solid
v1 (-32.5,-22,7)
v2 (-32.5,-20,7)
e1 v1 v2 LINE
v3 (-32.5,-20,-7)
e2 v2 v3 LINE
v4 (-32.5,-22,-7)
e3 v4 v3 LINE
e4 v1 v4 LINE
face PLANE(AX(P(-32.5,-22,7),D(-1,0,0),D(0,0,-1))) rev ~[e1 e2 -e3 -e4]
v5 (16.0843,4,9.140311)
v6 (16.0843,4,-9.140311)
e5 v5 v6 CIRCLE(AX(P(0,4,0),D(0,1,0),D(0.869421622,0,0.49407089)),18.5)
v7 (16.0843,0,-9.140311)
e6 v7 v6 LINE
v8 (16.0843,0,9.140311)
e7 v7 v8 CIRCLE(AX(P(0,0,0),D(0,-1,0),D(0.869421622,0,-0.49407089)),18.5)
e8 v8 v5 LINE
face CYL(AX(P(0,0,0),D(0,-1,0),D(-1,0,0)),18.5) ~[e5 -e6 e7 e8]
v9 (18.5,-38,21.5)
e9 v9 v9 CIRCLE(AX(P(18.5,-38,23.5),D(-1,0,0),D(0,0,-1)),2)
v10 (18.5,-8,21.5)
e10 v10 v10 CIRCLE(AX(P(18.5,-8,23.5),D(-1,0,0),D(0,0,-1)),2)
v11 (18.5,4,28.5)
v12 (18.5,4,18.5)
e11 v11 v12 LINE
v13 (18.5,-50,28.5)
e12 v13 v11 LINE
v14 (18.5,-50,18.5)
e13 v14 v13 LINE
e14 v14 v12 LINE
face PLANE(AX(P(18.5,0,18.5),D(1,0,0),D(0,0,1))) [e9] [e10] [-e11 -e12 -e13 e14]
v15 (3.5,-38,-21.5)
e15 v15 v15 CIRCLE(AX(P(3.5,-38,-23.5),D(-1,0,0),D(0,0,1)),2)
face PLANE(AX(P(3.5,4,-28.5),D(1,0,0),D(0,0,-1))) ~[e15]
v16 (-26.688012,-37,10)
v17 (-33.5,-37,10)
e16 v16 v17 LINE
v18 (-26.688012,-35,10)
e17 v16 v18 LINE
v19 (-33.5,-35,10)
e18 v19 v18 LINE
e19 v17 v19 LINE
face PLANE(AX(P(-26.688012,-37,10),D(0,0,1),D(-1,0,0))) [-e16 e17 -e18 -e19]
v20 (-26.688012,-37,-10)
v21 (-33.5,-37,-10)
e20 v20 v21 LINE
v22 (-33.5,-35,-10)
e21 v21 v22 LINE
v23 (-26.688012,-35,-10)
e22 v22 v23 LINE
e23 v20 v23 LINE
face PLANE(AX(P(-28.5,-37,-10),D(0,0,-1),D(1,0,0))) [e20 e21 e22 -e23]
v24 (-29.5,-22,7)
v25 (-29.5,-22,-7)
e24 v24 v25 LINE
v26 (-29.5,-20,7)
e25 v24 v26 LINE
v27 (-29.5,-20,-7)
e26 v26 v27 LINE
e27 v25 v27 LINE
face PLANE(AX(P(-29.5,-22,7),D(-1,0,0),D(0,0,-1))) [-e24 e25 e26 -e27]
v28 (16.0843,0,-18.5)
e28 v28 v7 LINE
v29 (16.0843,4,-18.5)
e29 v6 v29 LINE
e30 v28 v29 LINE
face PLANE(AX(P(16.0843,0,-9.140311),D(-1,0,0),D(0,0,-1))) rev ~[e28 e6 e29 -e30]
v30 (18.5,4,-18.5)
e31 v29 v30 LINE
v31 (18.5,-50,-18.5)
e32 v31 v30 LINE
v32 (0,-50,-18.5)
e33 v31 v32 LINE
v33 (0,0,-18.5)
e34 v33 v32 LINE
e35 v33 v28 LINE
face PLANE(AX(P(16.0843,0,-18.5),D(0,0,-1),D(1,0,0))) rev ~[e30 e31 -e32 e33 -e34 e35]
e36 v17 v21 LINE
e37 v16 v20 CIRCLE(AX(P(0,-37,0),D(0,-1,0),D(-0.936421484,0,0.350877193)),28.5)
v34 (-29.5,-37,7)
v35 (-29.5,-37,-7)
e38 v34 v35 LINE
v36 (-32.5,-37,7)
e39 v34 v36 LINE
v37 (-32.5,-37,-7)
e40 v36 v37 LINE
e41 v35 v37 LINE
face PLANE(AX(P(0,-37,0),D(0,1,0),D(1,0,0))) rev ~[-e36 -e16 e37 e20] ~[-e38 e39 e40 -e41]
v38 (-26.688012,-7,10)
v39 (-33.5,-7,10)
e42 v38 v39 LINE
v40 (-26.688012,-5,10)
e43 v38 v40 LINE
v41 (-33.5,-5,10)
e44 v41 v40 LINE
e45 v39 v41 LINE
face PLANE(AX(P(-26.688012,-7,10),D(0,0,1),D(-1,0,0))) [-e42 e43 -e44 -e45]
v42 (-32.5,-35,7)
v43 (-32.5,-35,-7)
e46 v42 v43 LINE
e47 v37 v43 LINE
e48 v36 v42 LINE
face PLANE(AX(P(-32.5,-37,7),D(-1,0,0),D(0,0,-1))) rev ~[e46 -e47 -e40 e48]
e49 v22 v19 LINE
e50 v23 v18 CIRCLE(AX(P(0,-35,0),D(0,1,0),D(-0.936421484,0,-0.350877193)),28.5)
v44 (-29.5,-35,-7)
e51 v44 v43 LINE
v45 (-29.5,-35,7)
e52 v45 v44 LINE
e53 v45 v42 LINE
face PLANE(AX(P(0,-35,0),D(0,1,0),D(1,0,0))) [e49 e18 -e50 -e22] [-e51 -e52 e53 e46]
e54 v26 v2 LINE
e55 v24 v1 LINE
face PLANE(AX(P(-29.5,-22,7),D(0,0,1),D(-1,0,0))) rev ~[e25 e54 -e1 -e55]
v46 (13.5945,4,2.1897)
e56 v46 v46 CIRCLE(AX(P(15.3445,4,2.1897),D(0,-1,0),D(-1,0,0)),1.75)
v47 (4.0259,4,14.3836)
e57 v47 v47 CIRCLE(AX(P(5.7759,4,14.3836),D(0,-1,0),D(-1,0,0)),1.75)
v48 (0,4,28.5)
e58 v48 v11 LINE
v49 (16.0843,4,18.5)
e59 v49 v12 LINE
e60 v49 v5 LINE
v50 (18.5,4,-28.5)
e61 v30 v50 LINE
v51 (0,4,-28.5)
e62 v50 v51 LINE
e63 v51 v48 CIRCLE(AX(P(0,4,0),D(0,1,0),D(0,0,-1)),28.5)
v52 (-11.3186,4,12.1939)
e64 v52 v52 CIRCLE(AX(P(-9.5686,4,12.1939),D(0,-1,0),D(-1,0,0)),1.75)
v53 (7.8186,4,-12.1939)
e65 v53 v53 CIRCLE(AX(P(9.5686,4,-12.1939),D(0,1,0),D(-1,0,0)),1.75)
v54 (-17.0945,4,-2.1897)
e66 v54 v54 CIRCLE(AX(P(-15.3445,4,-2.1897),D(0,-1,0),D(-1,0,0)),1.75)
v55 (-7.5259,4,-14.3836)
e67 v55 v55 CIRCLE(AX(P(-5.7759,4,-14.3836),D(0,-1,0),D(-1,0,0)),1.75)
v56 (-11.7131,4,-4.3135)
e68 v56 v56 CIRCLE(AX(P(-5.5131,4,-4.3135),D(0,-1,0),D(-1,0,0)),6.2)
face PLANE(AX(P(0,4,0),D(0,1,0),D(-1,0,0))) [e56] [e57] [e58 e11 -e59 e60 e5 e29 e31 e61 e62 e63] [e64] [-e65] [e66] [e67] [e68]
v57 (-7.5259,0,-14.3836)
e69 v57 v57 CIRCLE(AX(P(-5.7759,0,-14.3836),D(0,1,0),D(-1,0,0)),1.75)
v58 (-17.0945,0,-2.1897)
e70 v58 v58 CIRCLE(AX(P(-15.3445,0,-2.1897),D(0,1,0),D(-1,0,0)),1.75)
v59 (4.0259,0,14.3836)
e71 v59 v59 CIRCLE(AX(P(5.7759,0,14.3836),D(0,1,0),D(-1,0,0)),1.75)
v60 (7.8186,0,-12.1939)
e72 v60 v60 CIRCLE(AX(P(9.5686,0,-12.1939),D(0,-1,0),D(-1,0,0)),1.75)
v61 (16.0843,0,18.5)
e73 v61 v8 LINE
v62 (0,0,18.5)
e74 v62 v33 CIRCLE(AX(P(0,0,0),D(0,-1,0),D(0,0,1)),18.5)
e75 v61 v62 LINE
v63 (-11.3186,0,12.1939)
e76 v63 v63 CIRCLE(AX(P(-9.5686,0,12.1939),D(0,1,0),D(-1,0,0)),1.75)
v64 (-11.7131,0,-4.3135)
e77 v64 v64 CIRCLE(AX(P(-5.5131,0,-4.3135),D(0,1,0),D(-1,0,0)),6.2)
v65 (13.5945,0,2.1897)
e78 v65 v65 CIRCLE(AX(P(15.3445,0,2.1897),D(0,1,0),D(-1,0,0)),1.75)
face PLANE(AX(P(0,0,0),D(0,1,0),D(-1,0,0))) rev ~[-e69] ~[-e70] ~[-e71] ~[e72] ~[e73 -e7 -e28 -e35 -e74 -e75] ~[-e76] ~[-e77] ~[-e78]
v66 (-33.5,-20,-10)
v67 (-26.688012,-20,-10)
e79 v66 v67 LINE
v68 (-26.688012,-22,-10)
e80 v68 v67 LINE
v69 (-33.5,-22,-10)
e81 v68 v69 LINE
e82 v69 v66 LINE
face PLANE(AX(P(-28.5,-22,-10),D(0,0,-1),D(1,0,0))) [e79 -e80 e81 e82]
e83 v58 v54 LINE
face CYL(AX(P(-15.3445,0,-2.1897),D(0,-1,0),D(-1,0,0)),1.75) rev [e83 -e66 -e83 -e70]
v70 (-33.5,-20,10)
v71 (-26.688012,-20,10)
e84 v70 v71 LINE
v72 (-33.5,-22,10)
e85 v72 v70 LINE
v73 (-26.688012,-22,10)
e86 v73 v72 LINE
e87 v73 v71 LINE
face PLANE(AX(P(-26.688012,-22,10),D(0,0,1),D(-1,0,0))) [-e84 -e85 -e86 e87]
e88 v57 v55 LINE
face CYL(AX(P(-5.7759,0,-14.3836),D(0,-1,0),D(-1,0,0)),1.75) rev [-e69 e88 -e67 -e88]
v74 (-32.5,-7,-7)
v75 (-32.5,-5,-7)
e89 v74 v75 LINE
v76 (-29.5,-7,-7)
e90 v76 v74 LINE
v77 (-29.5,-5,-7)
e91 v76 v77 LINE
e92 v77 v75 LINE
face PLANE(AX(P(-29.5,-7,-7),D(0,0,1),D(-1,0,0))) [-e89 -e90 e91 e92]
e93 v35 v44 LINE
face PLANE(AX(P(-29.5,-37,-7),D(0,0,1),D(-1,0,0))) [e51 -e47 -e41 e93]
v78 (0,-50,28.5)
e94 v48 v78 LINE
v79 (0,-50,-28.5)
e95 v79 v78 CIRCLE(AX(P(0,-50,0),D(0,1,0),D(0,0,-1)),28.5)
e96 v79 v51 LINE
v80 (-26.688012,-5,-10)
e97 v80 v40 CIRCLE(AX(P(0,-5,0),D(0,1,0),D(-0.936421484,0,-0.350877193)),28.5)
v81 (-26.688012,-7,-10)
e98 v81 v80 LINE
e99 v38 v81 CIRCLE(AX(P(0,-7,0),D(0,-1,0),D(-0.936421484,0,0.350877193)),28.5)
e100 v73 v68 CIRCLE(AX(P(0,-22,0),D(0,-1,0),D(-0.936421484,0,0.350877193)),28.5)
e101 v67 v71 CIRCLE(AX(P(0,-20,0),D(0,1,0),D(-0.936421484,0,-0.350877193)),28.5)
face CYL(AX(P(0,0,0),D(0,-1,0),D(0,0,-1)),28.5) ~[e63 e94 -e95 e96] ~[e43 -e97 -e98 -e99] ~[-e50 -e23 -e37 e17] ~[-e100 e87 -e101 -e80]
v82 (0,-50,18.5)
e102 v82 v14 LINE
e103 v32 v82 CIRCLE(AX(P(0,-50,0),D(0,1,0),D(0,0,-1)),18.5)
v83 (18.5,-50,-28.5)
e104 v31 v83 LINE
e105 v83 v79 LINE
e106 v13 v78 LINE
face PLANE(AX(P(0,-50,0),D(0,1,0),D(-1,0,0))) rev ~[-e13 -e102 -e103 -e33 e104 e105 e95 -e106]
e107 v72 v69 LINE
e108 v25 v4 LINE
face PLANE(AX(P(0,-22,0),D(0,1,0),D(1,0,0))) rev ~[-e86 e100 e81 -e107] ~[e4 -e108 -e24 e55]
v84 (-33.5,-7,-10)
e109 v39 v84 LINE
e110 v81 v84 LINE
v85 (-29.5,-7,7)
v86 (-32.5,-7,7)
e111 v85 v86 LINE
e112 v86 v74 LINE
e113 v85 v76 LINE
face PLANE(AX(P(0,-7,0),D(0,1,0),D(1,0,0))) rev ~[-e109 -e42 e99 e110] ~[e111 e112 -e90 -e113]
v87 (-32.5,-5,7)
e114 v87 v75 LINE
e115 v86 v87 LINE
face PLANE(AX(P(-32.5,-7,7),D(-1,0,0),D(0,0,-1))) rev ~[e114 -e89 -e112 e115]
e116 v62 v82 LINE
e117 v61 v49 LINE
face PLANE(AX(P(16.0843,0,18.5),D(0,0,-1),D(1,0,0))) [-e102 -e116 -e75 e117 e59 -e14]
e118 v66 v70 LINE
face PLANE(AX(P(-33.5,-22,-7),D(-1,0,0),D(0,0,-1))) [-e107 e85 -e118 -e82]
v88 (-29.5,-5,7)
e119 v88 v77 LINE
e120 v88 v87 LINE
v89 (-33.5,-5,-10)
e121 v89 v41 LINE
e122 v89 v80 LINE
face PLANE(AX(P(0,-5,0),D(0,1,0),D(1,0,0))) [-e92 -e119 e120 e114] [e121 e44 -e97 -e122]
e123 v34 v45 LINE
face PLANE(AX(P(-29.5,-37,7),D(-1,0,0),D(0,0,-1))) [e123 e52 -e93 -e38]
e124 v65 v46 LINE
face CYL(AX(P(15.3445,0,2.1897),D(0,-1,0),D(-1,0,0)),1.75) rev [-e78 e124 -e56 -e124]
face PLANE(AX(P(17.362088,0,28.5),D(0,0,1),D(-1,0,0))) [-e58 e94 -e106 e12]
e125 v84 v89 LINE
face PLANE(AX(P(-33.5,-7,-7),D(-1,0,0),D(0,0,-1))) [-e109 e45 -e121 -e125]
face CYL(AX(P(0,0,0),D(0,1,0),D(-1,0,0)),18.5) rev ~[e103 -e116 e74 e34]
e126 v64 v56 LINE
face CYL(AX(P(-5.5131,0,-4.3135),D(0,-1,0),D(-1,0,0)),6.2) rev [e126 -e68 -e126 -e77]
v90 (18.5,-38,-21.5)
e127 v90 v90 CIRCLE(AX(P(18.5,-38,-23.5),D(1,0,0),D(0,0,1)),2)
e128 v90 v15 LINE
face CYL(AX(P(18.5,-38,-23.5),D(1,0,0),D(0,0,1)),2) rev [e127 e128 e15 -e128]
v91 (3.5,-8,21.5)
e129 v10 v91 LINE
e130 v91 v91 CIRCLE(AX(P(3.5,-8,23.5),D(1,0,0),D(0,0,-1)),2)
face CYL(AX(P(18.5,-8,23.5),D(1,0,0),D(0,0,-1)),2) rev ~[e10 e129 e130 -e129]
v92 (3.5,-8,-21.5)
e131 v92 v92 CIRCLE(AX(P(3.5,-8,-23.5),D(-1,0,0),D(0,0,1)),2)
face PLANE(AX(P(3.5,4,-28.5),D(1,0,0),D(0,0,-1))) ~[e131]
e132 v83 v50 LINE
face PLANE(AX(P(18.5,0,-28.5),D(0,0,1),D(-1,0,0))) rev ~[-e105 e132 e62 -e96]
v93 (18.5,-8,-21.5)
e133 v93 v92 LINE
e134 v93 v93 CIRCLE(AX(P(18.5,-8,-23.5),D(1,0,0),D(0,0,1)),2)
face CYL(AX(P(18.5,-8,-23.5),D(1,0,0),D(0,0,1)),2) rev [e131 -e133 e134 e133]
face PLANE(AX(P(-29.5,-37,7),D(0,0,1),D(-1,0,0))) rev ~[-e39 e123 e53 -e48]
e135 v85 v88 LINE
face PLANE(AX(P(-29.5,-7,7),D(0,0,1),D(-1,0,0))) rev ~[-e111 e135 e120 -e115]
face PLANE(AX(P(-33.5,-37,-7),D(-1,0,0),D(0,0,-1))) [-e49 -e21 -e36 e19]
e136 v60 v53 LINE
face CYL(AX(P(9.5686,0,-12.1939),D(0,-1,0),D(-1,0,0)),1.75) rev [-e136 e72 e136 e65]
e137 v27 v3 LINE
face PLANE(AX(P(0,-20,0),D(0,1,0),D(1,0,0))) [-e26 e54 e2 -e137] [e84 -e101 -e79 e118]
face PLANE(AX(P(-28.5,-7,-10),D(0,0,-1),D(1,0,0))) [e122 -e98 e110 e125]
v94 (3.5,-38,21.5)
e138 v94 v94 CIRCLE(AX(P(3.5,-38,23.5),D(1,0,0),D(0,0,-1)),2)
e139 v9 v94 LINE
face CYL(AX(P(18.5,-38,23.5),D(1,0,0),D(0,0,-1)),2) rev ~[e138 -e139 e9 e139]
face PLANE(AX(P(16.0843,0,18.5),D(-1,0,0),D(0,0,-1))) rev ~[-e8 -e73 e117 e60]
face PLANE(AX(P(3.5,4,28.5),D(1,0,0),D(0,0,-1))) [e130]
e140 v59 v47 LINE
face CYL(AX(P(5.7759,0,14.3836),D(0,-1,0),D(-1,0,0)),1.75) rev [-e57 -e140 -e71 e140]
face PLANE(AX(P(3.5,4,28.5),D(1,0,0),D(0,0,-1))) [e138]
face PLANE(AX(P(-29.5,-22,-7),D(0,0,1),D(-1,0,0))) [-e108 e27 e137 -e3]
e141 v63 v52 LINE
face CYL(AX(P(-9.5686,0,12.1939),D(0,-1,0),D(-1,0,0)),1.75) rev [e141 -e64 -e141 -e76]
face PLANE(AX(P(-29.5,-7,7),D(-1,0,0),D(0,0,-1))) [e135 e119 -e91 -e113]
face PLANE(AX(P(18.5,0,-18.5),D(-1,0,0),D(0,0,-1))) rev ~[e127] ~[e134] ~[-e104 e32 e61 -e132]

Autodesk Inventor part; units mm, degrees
ref_plane "YZ Plane" through (0, 0, 0) normal (1, 0, 0) x (0, 1, 0)
ref_plane "XZ Plane" through (0, 0, 0) normal (0, 1, 0) x (-1, 0, 0)
ref_plane "XY Plane" through (0, 0, 0) normal (0, 0, 1) x (1, 0, 0)
sketch "Sketch1" plane through (0, 0, 0) normal (0, 1, 0) x (-1, 0, 0)
  circle A0 centre (0, 0) radius 18.5
  line L0 (5.5131, -10.5135) -> (5.5131, 1.8865)
  circle A1 centre (5.5131, -4.3135) radius 6.2
  line L1 (0, 0) -> (-24.4, 0)
  circle A2 centre (5.5131, -4.3135) radius 3
  circle A3 centre (5.5131, -4.3135) radius 40
  line L2 (-24.4, 0) -> (-24.4, -81.1676)
  line L3 (-24.4, -81.1676) -> (-24.4, 62.3764)
  line L4 (0, 0) -> (0, 28.5)
  line L5 (18.5, 0) -> (28.5, 0)
  line L6 (0, -18.5) -> (0, -28.5)
  arc A4 (28.5, 0) -> (0, 28.5) centre (0, 0) ccw
  arc A5 (0, -28.5) -> (28.5, 0) centre (0, 0) ccw
  line L7 (0, 18.5) -> (0, 23.5)
  line L8 (0, 18.5) -> (-18.5, 18.5)
  line L9 (-18.5, 18.5) -> (-18.5, 28.5)
  line L10 (-18.5, 28.5) -> (0, 28.5)
  line L11 (0, -18.5) -> (-18.5, -18.5)
  line L12 (-18.5, -18.5) -> (-18.5, -28.5)
  line L13 (-18.5, -28.5) -> (0, -28.5)
  line L14 (5.5131, -4.3135) -> (-72.1542, -4.3135)
  line L15 (0, 0) -> (5.5051, -4.3135)
  line L16 (0, 0) -> (6.9938, 0) construction
  line L17 (-16.0843, 18.5) -> (-16.0843, -18.5)
  circle A6 centre (0, 0) radius 15.5
  circle A7 centre (5.5051, -4.3135) radius 24.193
  circle A8 centre (5.5051, -4.3135) radius 10.066
  circle A9 centre (15.3445, -2.1897) radius 1.75
  circle A10 centre (9.5686, 12.1939) radius 1.75
  circle A11 centre (-5.7759, 14.3836) radius 1.75
  circle A12 centre (-15.3445, 2.1897) radius 1.75
  circle A13 centre (-9.5686, -12.1939) radius 1.75
  circle A14 centre (5.7759, -14.3836) radius 1.75
  point P0 (-17.3596, -28.5)
  point P1 (-18.5, -27.6751)
  point P2 (-17.3622, 28.5)
  point P3 (-18.5, 27.6767)
  point P4 (-16.0843, -9.1402)
  point P5 (-16.0843, 9.1402)
  dimension "d59" = 31
  dimension "d65" = 20.132
  dimension "d2" = 12.4
  dimension "d4" = 6
  dimension "d5" = 80
  dimension "d13" = 7
  dimension "d14" = 24.4
  dimension "d17" = 37
  dimension "d18" = 28.5
  dimension "d19" = 10
  dimension "d20" = 10
  dimension "d58" = 38.08
  dimension "d63" = 48.386
  dimension "d66" = 3.5
  dimension "d69" = 360
extrude "Extrusion1" add sketch "Sketch1" along normal blind 4 contours A0 L17 L14 A6 A13 A14 A8 A9 A10 L4 | L5 A5 A7 L6 A0 | A0 L4 A7 A4 L5 | L4 A6 A11 A12 L17 A7 A0 | L8 A7 L4 | A0 A7 L8 | L11 A7 L17 A0 | L6 A7 L11 | A7 L17 A0 | A0 L17 L8 A7 | A6 A10 A9 A8 L4 | L4 A8 L1 A6 A12 A11 | A7 L8 L9 A3 L10 L4 | L4 A4 A7 | A0 L14 L17 | A7 A5 L6 | L6 L13 L12 L11 A7 | L11 L17 A7 | L17 A7 L1 A0 | L17 A12 L1 A7 | A8 A9 A6 A14 L14 A1 L15 L4 | L4 L1 A8 | A0 A7 L1 L17 L14 | L17 L1 A6 L14 | L1 A7 A0 | L15 A1 L14 A8 L1 | A8 L14 A6 L1 | L14 A8 A14 A6 A13 | L17 A12 A6 L1 | A3 L9 L10 | A9 A8 A14 A6
extrude "Extrusion2" add sketch "Sketch1" against normal blind 50 contours L5 A5 A7 L6 A0 | A0 L4 A7 A4 L5 | L8 A7 L4 | L6 A7 L11 | A7 L8 L9 A3 L10 L4 | L4 A4 A7 | A7 A5 L6 | L6 L13 L12 L11 A7 | A3 L9 L10
sketch "Sketch2" plane through (18.5, 4, 28.5) normal (1, 0, 0) x (0, 0, -1)
  point P0 (28.5, -4)
ref_plane "Work Plane1" through (0, -22, 0) normal (0, 1, 0) x (1, 0, 0)
sketch "Sketch5" plane through (0, -22, 0) normal (0, 1, 0) x (1, 0, 0)
  arc A0 (0, 28.5) -> (0, -28.5) centre (0, 0) ccw projected
  line L0 (-28.5, 0) -> (-28.5, -10)
  line L1 (-28.5, -10) -> (-28.5, 10)
  line L2 (-28.5, 10) -> (-23.5, 10)
  line L3 (-23.5, 10) -> (-23.5, -10)
  line L4 (-23.5, -10) -> (-28.5, -10)
  line L5 (-28.5, -10) -> (-33.5, -10)
  line L6 (-33.5, -10) -> (-33.5, 10)
  line L7 (-33.5, 10) -> (-28.5, 10)
  line L8 (-28.5, 10) -> (-28.5, 7)
  line L9 (-28.5, 7) -> (-29.5, 7)
  line L10 (-29.5, 7) -> (-32.5, 7)
  line L11 (-32.5, 7) -> (-33.5, 7)
  line L12 (-28.5, -10) -> (-28.5, -7)
  line L13 (-28.5, -7) -> (-29.5, -7)
  line L14 (-29.5, -7) -> (-32.5, -7)
  line L15 (-32.5, -7) -> (-33.5, -7)
  line L16 (-33.5, -7) -> (-33.5, 7)
  line L17 (-32.5, -7) -> (-32.5, 7)
  line L18 (-29.5, -7) -> (-29.5, 7)
  point P0 (0, 0)
  point P1 (-26.688, 10)
  point P2 (-26.688, -10)
  dimension "d31" = 10
  dimension "d32" = 20
  dimension "d33" = 5
  dimension "d34" = 5
  dimension "d35" = 3
  dimension "d36" = 1
  dimension "d37" = 3
  dimension "d38" = 3
  dimension "d39" = 1
  dimension "d40" = 3
  dimension "d41" = 1
extrude "Extrusion3" add sketch "Sketch5" along normal blind 2 contours A0 L1 L2 | A0 L4 L0 | L0 L13 L18 L9 L1 | L1 L9 L10 L11 L6 L7 | L0 L5 L6 L15 L14 L13 | L11 L17 L15 L6
pattern_linear "Rectangular Pattern1" count 2 spacing 15 along (0, 1, 0) of "Extrusion3"
pattern_linear "Rectangular Pattern2" count 2 spacing 15 along (0, -1, 0) of "Extrusion3"
sketch "Sketch6" plane through (18.5, 4, 28.5) normal (1, 0, 0) x (0, 0, -1)
  line L0 (57, 0) -> (0, 0) projected
  line L1 (0, 0) -> (10, 0)
  line L2 (10, 0) -> (5, 0)
  line L3 (5, 0) -> (5, -54)
  line L4 (0, -54) -> (57, -54) projected
  line L5 (5, -27) -> (5, -12)
  line L6 (5, -12) -> (5, -42)
  circle A0 centre (5, -42) radius 2
  circle A1 centre (5, -12) radius 2
  point P0 (28.5, -4)
  dimension "d50" = 5
  dimension "d51" = 15
  dimension "d52" = 30
  dimension "d53" = 4
  dimension "d54" = 4
extrude "Extrusion4" cut sketch "Sketch6" against normal blind 15
mirror "Mirror1" about plane through (0, 0, 0) normal (0, 0, 1) of "Extrusion4"
sketch "Sketch7" plane through (18.5, 4, 28.5) normal (1, 0, 0) x (0, 0, -1)
  point P0 (28.5, -4)
properties part number "Motor_mount_Right"
